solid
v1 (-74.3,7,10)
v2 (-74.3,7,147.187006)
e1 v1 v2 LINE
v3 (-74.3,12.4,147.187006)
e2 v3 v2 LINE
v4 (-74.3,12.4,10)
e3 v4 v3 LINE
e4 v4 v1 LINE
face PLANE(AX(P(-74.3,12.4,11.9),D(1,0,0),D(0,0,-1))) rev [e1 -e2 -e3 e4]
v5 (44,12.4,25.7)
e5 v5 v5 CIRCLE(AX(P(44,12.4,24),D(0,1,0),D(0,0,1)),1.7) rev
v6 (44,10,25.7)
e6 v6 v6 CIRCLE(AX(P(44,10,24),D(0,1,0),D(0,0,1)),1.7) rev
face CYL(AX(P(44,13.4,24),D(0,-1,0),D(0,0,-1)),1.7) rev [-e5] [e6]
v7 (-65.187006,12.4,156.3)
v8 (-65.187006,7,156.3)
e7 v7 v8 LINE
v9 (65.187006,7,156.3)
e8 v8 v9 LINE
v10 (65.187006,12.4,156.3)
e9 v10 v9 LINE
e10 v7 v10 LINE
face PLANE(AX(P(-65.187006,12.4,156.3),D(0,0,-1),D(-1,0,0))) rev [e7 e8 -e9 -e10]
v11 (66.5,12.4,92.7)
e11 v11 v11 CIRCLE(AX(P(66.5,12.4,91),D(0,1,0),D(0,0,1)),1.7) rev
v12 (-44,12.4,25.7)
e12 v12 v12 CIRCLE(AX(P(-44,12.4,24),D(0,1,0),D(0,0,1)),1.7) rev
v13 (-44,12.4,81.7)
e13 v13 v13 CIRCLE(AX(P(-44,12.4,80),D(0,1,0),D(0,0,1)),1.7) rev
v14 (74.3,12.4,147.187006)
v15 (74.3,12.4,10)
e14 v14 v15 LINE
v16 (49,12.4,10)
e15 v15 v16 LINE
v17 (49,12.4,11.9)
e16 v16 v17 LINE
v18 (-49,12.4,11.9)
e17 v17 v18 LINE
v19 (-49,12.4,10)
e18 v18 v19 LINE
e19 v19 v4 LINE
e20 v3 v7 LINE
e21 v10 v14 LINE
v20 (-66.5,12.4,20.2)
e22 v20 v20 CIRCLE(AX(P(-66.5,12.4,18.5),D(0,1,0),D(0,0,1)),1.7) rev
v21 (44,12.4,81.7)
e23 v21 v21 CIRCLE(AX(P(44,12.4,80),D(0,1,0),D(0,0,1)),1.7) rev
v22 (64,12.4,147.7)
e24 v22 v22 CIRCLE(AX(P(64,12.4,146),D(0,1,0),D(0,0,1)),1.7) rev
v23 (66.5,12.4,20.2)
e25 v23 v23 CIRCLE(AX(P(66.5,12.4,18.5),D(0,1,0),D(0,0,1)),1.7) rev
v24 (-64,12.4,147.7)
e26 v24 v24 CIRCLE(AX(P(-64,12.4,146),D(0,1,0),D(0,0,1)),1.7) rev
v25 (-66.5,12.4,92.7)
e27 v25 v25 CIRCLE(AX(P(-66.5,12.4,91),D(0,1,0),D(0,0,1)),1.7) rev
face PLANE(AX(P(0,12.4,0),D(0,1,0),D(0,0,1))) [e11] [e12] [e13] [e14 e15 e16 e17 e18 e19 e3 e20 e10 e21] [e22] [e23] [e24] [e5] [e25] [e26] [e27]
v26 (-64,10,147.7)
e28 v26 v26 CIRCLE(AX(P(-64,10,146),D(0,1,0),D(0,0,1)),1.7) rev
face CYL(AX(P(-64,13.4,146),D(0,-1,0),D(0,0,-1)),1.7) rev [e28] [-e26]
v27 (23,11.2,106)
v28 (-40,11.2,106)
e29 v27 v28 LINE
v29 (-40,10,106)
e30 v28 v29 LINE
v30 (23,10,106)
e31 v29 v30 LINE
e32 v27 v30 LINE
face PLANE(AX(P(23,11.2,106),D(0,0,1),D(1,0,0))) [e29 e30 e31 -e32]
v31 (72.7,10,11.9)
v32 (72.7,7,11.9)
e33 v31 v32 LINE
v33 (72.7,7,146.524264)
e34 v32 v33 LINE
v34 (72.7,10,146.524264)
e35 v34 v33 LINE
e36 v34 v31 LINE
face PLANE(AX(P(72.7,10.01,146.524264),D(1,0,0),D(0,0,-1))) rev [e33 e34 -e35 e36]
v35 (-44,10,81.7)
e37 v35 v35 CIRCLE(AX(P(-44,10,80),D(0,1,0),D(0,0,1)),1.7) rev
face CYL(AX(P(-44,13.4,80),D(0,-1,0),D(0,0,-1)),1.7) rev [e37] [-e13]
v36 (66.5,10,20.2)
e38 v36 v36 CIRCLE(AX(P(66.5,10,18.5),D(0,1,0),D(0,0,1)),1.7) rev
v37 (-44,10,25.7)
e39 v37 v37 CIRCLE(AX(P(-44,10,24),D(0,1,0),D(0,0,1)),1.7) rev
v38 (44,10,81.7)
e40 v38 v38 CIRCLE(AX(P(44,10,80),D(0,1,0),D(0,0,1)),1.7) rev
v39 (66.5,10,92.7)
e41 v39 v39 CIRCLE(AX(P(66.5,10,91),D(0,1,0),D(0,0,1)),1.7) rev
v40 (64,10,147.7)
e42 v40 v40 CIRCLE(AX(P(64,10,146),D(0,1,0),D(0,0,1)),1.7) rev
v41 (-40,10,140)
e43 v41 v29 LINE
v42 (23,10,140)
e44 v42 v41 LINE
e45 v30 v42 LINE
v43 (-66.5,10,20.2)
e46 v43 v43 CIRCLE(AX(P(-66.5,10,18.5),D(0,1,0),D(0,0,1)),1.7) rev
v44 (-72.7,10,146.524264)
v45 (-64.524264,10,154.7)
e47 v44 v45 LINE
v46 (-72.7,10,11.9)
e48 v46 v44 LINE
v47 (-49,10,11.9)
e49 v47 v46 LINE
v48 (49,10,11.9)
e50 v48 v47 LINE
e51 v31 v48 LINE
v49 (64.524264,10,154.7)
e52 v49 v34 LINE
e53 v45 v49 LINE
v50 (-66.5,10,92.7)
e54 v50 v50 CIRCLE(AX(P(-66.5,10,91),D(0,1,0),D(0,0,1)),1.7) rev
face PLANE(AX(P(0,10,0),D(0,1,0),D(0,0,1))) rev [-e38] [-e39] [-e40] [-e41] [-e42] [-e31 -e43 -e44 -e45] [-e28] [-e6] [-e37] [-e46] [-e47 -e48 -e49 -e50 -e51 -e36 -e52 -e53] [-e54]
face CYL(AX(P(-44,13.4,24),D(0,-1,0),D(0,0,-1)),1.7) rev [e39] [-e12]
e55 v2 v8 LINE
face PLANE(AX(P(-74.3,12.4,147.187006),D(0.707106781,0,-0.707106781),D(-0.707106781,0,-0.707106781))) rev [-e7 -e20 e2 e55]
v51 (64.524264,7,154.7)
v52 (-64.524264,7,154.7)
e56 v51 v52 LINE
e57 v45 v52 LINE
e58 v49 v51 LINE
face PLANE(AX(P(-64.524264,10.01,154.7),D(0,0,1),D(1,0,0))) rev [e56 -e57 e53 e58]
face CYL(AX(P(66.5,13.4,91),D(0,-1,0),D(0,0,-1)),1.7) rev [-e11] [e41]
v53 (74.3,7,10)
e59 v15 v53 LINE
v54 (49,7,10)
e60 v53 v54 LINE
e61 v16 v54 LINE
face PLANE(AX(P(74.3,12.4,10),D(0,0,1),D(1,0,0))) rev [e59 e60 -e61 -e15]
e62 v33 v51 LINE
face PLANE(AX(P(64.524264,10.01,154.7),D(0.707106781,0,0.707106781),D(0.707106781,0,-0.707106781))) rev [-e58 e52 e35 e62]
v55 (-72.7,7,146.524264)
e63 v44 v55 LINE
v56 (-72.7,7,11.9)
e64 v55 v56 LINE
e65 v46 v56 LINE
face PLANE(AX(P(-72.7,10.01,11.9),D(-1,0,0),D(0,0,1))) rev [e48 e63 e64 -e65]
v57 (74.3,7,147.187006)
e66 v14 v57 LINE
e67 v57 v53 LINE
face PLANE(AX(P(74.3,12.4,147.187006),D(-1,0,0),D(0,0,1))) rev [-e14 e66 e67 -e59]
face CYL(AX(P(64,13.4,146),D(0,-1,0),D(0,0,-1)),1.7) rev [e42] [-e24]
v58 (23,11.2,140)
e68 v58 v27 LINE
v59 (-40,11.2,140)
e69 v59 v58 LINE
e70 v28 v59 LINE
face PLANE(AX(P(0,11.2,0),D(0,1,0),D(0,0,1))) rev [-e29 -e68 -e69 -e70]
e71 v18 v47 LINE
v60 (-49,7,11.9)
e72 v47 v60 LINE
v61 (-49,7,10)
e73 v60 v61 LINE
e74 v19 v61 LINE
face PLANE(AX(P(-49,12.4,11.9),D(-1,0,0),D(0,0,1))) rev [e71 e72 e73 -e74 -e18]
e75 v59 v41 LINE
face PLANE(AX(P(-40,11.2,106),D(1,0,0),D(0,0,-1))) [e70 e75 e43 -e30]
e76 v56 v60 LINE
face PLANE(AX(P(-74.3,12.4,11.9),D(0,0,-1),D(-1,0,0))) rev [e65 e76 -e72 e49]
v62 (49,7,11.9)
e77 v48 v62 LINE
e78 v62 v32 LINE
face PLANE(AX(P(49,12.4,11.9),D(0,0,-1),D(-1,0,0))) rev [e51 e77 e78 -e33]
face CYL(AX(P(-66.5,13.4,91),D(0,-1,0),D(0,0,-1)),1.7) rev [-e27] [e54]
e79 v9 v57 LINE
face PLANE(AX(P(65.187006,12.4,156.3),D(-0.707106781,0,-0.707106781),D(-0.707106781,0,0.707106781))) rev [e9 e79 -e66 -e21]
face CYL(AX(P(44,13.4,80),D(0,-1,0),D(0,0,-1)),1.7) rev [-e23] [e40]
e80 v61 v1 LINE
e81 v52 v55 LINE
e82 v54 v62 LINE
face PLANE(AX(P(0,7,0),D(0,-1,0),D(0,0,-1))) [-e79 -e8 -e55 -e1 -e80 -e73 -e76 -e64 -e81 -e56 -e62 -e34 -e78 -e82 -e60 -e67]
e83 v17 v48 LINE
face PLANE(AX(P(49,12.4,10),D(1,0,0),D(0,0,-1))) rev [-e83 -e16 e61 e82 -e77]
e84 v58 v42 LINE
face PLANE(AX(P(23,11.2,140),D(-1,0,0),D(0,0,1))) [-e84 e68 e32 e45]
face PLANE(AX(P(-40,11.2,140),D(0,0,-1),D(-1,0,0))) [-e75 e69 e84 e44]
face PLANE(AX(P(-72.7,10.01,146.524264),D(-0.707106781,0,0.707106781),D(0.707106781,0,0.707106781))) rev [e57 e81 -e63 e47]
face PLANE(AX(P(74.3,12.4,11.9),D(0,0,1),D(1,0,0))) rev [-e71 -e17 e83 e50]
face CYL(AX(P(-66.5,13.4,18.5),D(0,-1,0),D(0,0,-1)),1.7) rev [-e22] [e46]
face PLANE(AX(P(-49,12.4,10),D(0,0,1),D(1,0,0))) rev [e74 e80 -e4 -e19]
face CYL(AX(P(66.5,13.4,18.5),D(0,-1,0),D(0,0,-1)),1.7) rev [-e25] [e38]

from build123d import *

# Parameters (mm, degrees)
LID_PLATE_DEPTH        = 2.4
DRIP_SKIRT_DEPTH       = 3.01
SKETCH3_W              = 25.3
SKETCH3_H              = 1.9
FRONT_SKIRT_L_DEPTH    = 5.4
SKETCH4_W              = 25.3
SKETCH4_H              = 1.9
FRONT_SKIRT_R_DEPTH    = 5.4
SKETCH5_W              = 63
SKETCH5_H              = 34
GNSS_THIN_WINDOW_DEPTH = 1.7
SKETCH6_R              = 1.7
SCREW_HOLES_DEPTH      = 4.4


with BuildPart() as part:
    # Sketch1 → Lid Plate (new body)
    with BuildSketch(Plane(origin=(0, 10, 0), x_dir=(1, 0, 0), z_dir=(0, 1, 0))):
        Polygon((-65.187005769, -156.3), (65.187005769, -156.3), (74.3, -147.187005769), (74.3, -11.9), (-74.3, -11.9), (-74.3, -147.187005769), align=None)
    extrude(amount=LID_PLATE_DEPTH)

    # Sketch2 → Drip Skirt (add)
    with BuildSketch(Plane(origin=(0, 7, 0), x_dir=(1, 0, 0), z_dir=(0, 1, 0))):
        Polygon((74.3, -11.9), (74.3, -147.187005769), (65.187005769, -156.3), (-65.187005769, -156.3), (-74.3, -147.187005769), (-74.3, -11.9), (-72.7, -11.9), (-72.7, -146.524264069), (-64.524264069, -154.7), (64.524264069, -154.7), (72.7, -146.524264069), (72.7, -11.9), align=None)
    extrude(amount=DRIP_SKIRT_DEPTH)

    # Sketch3 → Front Skirt L (add)
    with BuildSketch(Plane(origin=(0, 7, 0), x_dir=(1, 0, 0), z_dir=(0, 1, 0))):
        with Locations((-61.65, -10.95)):
            Rectangle(SKETCH3_W, SKETCH3_H)
    extrude(amount=FRONT_SKIRT_L_DEPTH)

    # Sketch4 → Front Skirt R (add)
    with BuildSketch(Plane(origin=(0, 7, 0), x_dir=(1, 0, 0), z_dir=(0, 1, 0))):
        with Locations((61.65, -10.95)):
            Rectangle(SKETCH4_W, SKETCH4_H)
    extrude(amount=FRONT_SKIRT_R_DEPTH)

    # Sketch5 → GNSS Thin Window (cut)
    with BuildSketch(Plane(origin=(0, 9.5, 0), x_dir=(1, 0, 0), z_dir=(0, 1, 0))):
        with Locations((-8.5, -123)):
            Rectangle(SKETCH5_W, SKETCH5_H)
    extrude(amount=GNSS_THIN_WINDOW_DEPTH, mode=Mode.SUBTRACT)

    # Sketch6 → Screw Holes (cut)
    with BuildSketch(Plane(origin=(0, 9, 0), x_dir=(1, 0, 0), z_dir=(0, 1, 0))):
        with Locations(Location((-66.5, -18.5, 0), (0, 0, 270))):
            Circle(SKETCH6_R)
        with Locations(Location((66.5, -18.5, 0), (0, 0, 270))):
            Circle(SKETCH6_R)
        with Locations(Location((-66.5, -91, 0), (0, 0, 270))):
            Circle(SKETCH6_R)
        with Locations(Location((66.5, -91, 0), (0, 0, 270))):
            Circle(SKETCH6_R)
        with Locations(Location((-64, -146, 0), (0, 0, 270))):
            Circle(SKETCH6_R)
        with Locations(Location((64, -146, 0), (0, 0, 270))):
            Circle(SKETCH6_R)
        with Locations(Location((-44, -24, 0), (0, 0, 270))):
            Circle(SKETCH6_R)
        with Locations(Location((-44, -80, 0), (0, 0, 270))):
            Circle(SKETCH6_R)
        with Locations(Location((44, -24, 0), (0, 0, 270))):
            Circle(SKETCH6_R)
        with Locations(Location((44, -80, 0), (0, 0, 270))):
            Circle(SKETCH6_R)
    extrude(amount=SCREW_HOLES_DEPTH, mode=Mode.SUBTRACT)


solid = part.part
